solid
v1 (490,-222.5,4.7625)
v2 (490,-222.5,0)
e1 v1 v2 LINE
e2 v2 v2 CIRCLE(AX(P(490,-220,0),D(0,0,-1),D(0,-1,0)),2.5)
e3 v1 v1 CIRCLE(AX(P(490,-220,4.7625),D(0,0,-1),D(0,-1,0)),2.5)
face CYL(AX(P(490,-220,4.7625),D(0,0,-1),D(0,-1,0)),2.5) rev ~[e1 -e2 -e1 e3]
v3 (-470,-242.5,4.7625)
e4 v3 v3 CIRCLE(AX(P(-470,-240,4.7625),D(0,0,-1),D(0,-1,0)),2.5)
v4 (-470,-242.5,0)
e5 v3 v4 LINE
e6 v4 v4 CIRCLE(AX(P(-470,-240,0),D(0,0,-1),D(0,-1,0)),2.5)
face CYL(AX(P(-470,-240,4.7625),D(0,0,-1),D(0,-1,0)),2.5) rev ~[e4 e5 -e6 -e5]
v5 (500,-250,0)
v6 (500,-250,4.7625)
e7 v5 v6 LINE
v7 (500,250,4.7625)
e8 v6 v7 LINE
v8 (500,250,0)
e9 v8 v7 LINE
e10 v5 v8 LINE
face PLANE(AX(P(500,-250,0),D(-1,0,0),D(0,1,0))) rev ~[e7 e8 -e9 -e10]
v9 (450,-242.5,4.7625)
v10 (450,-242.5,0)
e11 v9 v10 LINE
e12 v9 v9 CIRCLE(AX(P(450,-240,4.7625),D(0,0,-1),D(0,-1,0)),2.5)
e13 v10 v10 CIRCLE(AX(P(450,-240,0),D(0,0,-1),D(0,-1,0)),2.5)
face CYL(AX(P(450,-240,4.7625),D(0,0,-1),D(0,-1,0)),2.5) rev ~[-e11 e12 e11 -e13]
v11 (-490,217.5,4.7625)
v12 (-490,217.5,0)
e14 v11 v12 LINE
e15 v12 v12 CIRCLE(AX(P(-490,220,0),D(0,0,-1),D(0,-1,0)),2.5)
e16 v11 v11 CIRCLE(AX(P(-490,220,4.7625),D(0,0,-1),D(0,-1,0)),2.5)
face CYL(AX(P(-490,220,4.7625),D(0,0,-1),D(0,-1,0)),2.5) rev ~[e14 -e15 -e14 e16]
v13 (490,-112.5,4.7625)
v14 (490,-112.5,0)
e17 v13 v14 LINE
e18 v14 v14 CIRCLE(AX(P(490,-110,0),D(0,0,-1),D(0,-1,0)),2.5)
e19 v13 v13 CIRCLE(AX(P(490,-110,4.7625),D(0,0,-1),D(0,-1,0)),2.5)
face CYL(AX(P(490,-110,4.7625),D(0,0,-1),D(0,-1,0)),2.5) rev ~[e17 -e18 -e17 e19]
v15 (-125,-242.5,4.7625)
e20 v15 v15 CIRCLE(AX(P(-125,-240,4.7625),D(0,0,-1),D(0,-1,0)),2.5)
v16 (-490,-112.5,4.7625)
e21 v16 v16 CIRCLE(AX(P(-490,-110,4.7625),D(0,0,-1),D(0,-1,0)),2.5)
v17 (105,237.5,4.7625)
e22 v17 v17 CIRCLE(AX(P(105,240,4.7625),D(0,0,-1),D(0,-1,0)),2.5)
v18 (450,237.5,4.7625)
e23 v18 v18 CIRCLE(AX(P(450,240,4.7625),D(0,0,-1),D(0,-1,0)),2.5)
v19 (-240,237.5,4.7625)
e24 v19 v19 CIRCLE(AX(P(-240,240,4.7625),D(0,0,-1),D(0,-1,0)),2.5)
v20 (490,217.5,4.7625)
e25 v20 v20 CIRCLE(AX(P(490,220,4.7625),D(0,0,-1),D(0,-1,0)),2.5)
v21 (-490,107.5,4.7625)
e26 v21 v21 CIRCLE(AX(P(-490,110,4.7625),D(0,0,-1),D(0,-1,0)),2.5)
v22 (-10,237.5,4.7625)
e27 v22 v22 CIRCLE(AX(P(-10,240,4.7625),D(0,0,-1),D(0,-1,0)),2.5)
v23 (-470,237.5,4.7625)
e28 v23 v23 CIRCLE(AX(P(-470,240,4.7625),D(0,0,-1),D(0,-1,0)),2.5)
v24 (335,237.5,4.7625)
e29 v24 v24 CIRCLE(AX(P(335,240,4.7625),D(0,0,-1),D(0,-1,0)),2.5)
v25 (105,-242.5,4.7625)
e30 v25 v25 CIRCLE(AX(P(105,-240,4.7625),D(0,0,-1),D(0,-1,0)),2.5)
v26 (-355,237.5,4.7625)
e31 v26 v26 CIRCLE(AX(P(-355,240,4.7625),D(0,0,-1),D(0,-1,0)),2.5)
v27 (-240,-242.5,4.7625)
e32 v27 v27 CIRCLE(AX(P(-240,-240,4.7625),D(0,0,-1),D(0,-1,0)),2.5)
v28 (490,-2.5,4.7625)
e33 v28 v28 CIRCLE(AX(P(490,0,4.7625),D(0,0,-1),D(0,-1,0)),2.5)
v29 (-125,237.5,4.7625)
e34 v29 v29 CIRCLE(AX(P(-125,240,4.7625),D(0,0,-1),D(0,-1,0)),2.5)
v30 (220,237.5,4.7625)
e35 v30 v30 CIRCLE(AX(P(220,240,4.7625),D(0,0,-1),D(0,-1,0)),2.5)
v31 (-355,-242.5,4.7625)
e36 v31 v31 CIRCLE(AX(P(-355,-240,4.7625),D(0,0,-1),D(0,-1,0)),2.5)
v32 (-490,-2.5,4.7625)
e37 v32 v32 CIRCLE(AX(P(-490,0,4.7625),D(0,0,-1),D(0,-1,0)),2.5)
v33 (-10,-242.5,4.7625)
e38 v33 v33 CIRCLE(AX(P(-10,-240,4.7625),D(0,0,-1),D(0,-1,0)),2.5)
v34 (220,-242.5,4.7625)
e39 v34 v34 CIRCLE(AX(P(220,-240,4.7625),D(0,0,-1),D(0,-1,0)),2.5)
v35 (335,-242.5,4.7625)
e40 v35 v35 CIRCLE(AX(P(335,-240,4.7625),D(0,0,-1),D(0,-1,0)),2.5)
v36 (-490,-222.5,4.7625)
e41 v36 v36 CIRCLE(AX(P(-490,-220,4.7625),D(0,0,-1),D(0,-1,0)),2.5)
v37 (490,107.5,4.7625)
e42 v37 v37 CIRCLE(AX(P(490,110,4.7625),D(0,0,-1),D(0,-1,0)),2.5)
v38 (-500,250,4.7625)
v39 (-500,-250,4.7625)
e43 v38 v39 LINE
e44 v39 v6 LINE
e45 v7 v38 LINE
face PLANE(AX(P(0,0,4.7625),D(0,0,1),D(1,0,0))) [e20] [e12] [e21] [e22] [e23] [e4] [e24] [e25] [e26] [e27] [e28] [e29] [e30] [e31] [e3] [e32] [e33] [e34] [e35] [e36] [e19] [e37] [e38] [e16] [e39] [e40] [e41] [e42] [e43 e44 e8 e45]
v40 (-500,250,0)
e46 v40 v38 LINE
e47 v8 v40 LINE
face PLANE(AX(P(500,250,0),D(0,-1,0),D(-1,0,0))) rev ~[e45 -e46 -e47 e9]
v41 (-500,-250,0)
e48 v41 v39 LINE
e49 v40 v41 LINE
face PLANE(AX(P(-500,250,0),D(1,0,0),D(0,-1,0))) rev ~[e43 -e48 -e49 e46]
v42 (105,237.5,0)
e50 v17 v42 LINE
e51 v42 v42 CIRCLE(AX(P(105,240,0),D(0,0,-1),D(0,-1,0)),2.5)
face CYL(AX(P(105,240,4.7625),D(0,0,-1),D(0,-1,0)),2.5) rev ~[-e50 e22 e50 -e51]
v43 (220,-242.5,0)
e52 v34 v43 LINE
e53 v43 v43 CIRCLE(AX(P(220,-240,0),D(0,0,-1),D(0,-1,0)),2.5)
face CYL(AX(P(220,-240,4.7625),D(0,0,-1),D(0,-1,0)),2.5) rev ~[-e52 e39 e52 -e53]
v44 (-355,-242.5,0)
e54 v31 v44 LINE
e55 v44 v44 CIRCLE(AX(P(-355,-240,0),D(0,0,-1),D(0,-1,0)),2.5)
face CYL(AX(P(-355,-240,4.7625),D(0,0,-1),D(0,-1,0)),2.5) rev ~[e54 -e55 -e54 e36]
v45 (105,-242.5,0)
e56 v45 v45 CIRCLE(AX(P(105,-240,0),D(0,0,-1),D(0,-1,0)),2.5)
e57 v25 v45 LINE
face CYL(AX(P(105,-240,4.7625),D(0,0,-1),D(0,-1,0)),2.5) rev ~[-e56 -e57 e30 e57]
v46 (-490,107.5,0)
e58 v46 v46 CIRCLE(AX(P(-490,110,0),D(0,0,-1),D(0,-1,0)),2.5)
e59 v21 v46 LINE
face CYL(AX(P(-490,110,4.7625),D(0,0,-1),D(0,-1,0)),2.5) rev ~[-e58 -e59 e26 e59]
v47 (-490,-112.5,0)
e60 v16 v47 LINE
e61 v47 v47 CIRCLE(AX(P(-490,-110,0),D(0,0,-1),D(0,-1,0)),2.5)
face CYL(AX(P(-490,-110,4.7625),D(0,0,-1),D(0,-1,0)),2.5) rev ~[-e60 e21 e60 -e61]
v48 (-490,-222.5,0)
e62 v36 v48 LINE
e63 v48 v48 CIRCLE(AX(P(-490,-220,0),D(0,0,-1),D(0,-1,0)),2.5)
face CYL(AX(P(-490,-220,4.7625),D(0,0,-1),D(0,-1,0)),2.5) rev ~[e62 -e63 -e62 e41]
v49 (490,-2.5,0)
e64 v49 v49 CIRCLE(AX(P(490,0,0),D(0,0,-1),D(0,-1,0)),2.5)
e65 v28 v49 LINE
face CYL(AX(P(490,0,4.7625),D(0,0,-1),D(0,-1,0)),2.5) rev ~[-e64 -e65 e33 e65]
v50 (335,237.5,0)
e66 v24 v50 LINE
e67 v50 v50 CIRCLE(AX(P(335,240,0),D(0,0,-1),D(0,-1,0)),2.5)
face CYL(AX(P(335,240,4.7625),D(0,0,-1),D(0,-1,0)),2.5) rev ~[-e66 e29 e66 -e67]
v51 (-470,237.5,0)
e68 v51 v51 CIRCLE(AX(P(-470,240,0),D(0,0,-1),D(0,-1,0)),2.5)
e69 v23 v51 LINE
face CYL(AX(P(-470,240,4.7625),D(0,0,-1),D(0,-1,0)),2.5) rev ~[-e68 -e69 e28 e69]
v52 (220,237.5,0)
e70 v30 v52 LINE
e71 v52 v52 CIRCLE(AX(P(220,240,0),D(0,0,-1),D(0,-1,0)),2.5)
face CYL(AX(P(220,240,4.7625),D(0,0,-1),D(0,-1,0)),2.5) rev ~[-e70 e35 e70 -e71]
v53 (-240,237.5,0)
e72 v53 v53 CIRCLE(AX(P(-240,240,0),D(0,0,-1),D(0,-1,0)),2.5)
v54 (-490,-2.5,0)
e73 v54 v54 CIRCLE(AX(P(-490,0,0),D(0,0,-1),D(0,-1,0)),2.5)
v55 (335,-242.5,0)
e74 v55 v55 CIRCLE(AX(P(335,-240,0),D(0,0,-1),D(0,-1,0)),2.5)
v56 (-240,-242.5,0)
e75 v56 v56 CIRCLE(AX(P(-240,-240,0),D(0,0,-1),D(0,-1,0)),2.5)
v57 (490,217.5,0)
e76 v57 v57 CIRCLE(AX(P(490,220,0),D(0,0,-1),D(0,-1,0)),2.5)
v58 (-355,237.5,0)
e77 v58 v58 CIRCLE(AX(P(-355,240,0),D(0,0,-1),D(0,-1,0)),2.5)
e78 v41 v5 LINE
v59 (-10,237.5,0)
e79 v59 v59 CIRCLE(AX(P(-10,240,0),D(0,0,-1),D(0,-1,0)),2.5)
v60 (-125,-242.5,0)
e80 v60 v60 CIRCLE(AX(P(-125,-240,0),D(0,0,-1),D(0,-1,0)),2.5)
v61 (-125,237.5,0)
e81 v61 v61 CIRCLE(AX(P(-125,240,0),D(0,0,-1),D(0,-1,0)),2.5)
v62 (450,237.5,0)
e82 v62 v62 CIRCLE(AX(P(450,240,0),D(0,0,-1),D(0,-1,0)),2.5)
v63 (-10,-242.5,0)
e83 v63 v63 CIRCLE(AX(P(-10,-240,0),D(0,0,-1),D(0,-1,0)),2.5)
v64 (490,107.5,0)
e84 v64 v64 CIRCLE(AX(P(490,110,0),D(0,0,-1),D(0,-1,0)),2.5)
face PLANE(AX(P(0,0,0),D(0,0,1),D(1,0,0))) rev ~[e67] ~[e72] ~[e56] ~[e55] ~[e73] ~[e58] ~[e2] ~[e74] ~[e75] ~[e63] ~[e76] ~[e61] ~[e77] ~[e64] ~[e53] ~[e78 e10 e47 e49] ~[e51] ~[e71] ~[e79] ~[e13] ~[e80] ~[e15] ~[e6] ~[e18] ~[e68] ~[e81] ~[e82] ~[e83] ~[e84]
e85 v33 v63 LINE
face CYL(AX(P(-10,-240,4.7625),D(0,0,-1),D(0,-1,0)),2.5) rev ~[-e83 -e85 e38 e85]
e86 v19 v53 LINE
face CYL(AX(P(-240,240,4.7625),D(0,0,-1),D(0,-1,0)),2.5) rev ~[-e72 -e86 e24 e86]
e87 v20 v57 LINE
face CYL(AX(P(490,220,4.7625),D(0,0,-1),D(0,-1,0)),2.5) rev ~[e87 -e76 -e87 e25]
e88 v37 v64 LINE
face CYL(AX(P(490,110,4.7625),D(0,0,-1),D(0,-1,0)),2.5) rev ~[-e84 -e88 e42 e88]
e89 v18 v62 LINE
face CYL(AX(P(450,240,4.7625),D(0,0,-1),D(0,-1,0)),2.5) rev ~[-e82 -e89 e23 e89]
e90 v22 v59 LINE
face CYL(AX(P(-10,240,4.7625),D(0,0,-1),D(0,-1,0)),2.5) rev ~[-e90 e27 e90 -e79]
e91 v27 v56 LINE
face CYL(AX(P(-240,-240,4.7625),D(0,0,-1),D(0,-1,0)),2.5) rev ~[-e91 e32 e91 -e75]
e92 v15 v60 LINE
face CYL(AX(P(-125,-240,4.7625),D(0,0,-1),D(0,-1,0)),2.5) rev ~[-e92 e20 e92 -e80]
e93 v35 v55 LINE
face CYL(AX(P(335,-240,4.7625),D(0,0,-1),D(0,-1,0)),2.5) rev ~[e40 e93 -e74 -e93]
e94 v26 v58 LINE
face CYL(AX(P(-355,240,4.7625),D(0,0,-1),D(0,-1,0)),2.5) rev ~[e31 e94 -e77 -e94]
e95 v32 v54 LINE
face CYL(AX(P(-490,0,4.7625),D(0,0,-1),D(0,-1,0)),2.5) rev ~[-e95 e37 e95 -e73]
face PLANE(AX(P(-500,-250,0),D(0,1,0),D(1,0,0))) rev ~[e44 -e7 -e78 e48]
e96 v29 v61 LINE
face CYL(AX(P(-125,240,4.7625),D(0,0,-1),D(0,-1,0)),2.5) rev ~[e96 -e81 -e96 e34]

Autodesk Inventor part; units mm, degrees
ref_plane "YZ Plane" through (0, 0, 0) normal (1, 0, 0) x (0, 1, 0)
ref_plane "XZ Plane" through (0, 0, 0) normal (0, 1, 0) x (-1, 0, 0)
ref_plane "XY Plane" through (0, 0, 0) normal (0, 0, 1) x (1, 0, 0)
sketch "Sketch1" plane through (0, 0, 0) normal (0, 0, 1) x (1, 0, 0)
  line L0 (-500, -250) -> (500, -250)
  line L1 (500, -250) -> (500, 250)
  line L2 (500, 250) -> (-500, 250)
  line L3 (-500, 250) -> (-500, -250)
  line L4 (-500, -250) -> (500, 250) construction
  line L5 (500, -250) -> (-500, 250) construction
  point P0 (0, 0)
  dimension "d0" = 1000
  dimension "d1" = 500
extrude "Extrusion1" add sketch "Sketch1" along normal blind 4.7625
sketch "Sketch2" plane through (0, 0, 4.7625) normal (0, 0, 1) x (1, 0, 0)
  line L0 (-500, -250) -> (500, -250) projected
  line L1 (500, -250) -> (500, 250) projected
  line L2 (500, 250) -> (-500, 250) projected
  line L3 (-500, 250) -> (-500, -250) projected
  point P0 (0, 0)
  point P1 (-470, 240)
  dimension "d4" = 10
  dimension "d5" = 30
hole "Hole1" at (-470, 240, 4.7625) direction (0, 0, -1) diameter 5 end through all
pattern_linear "Rectangular Pattern1" count 9 spacing 115 along (1, 0, 0) count 2 spacing 480 along (0, -1, 0) of "Hole1"
sketch "Sketch3" plane through (0, 0, 4.7625) normal (0, 0, 1) x (1, 0, 0)
  circle A0 centre (220, -240) radius 2.5 projected
  circle A1 centre (105, -240) radius 2.5 projected
  circle A2 centre (-10, -240) radius 2.5 projected
  circle A3 centre (-125, -240) radius 2.5 projected
  circle A4 centre (-240, -240) radius 2.5 projected
  circle A5 centre (-355, -240) radius 2.5 projected
  circle A6 centre (-470, -240) radius 2.5 projected
  circle A7 centre (220, 240) radius 2.5 projected
  circle A8 centre (105, 240) radius 2.5 projected
  circle A9 centre (-10, 240) radius 2.5 projected
  circle A10 centre (-125, 240) radius 2.5 projected
  circle A11 centre (-240, 240) radius 2.5 projected
  circle A12 centre (-355, 240) radius 2.5 projected
  circle A13 centre (-470, 240) radius 2.5 projected
  line L0 (-500, -250) -> (500, -250) projected
  line L1 (500, -250) -> (500, 250) projected
  line L2 (500, 250) -> (-500, 250) projected
  line L3 (-500, 250) -> (-500, -250) projected
  point P0 (0, 0)
  point P1 (-490, 220)
  dimension "d19" = 10
  dimension "d20" = 30
hole "Hole2" at (-490, 220, 4.7625) direction (0, 0, -1) diameter 5 end through all
pattern_linear "Rectangular Pattern2" count 5 spacing 110 along (0, -1, 0) count 2 spacing 980 along (1, 0, 0) of "Hole2"
properties part number "Face A" material "ABS Plastic"
